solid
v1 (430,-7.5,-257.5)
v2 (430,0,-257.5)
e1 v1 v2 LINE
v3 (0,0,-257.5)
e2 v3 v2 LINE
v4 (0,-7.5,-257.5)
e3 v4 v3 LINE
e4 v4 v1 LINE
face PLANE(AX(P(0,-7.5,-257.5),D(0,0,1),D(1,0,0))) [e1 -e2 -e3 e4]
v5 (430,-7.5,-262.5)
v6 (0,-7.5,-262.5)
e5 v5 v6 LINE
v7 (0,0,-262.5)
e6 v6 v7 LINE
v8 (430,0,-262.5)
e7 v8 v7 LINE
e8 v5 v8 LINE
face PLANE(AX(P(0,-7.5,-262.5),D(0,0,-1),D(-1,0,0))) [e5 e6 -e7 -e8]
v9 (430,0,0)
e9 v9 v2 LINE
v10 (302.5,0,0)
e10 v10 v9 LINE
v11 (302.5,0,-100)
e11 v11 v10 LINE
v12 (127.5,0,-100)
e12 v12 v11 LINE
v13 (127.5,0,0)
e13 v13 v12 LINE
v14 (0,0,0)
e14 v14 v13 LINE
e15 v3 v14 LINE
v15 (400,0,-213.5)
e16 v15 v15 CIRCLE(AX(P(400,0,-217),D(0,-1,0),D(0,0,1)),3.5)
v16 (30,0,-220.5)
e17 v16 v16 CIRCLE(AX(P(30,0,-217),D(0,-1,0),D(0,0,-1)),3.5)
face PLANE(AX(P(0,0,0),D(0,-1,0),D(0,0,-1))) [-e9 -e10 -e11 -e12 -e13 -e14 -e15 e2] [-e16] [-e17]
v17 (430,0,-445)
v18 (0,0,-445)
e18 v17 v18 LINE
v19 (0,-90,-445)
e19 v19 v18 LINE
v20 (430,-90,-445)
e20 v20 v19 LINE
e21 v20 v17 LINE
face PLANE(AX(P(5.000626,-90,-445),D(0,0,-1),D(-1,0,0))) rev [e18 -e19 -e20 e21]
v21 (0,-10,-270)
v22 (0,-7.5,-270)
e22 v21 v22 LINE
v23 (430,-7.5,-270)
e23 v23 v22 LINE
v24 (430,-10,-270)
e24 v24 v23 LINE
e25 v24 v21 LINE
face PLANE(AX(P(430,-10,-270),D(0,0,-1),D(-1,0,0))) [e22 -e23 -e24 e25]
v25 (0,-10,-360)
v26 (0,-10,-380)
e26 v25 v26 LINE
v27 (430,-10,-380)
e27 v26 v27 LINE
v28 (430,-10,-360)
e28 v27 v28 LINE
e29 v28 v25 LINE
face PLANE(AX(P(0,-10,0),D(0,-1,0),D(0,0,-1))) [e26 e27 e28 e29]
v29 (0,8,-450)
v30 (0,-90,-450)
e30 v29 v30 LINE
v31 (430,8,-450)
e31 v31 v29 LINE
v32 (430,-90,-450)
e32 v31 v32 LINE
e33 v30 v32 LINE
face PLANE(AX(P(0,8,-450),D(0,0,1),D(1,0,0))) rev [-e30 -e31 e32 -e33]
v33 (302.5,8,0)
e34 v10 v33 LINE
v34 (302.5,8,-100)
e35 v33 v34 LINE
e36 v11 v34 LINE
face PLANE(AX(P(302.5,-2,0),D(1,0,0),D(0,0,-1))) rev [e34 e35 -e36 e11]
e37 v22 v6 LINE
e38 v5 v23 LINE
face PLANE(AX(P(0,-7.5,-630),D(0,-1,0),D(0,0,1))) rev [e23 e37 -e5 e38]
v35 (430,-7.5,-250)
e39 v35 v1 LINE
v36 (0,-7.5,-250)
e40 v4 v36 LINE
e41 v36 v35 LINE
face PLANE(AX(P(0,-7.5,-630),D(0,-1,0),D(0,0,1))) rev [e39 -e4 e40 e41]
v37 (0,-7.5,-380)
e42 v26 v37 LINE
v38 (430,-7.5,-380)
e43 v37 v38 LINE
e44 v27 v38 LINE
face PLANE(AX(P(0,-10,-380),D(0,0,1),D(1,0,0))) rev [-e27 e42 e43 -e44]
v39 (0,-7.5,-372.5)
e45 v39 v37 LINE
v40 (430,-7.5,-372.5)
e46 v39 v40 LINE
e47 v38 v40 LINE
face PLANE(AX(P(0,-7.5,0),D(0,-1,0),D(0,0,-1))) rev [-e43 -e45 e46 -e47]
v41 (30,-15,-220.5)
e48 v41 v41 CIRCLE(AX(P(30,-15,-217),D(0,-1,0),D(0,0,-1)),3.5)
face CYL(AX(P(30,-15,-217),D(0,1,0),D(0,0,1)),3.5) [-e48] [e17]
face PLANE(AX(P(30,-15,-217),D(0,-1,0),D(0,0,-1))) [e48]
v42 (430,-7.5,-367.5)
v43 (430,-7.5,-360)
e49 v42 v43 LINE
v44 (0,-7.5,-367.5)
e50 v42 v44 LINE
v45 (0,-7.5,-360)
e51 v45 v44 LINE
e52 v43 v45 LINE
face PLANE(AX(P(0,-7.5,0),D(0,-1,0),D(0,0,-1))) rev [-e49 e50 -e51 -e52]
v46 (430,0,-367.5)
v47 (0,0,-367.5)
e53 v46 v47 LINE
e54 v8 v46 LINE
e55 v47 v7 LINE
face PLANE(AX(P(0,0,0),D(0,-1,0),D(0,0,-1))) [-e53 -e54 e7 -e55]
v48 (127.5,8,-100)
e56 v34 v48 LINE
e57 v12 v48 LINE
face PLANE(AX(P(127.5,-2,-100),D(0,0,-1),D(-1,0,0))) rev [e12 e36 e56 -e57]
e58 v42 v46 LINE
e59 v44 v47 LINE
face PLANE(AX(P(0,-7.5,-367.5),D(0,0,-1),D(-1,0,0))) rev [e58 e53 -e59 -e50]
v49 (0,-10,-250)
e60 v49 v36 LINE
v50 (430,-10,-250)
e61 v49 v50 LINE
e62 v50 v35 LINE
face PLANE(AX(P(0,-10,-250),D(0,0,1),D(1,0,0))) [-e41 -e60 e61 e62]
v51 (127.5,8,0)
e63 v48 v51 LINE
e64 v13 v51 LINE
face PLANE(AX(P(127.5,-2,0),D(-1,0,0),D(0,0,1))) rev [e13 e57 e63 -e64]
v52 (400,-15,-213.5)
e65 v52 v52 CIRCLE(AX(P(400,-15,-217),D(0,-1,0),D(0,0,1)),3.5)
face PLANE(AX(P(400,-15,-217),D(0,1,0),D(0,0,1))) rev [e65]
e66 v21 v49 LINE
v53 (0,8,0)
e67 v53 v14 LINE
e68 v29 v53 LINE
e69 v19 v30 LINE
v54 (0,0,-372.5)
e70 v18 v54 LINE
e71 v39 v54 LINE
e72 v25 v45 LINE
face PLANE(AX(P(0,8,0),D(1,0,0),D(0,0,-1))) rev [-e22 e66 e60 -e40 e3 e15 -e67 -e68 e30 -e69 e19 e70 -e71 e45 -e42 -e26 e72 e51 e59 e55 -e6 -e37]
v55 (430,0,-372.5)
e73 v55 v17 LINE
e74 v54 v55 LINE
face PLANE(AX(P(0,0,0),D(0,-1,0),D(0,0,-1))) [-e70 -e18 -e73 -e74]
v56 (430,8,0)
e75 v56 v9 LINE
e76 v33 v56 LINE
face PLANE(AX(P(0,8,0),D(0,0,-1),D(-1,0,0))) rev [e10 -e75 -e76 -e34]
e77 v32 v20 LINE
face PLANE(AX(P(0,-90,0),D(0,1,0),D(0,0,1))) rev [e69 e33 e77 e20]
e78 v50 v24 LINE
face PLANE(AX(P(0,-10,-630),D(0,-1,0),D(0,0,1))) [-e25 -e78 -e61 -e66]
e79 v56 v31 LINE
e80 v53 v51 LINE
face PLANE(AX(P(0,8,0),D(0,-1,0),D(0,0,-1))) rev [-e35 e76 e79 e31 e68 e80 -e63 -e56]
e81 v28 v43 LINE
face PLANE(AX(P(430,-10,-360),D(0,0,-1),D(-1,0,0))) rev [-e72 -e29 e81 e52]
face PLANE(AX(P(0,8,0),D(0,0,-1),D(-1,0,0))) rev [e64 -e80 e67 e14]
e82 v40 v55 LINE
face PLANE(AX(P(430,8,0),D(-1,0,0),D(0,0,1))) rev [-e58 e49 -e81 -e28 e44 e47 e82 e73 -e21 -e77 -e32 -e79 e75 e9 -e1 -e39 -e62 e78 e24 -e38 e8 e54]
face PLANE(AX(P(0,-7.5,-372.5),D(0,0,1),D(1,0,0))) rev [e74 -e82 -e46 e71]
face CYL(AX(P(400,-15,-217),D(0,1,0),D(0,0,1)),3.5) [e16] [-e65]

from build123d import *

# Parameters (mm, degrees)
SKETCH1_W           = 430
SKETCH1_H           = 450
BOSS_EXTRUDE1_DEPTH = 8
SKETCH2_W           = 175
SKETCH2_H           = 100
CUT_EXTRUDE1_DEPTH  = 10
SKETCH4_R           = 3.5
BOSS_EXTRUDE3_DEPTH = 15
BOSS_EXTRUDE4_DEPTH = 90
SKETCH9_W           = 430
SKETCH9_H           = 5
BOSS_EXTRUDE6_DEPTH = 7.5
SKETCH10_W          = 430
SKETCH10_H          = 20
BOSS_EXTRUDE7_DEPTH = 2.5


with BuildPart() as part:
    # Sketch1 → Boss-Extrude1 (new body)
    with BuildSketch(Plane(origin=(0, 0, 0), x_dir=(1, 0, 0), z_dir=(0, 1, 0))):
        with Locations((215, 225)):
            Rectangle(SKETCH1_W, SKETCH1_H)
    extrude(amount=BOSS_EXTRUDE1_DEPTH)

    # Sketch2 → Cut-Extrude1 (cut)
    with BuildSketch(Plane(origin=(0, 8, 0), x_dir=(1, 0, 0), z_dir=(0, 1, 0))):
        with Locations((215, 50)):
            Rectangle(SKETCH2_W, SKETCH2_H)
    extrude(amount=-CUT_EXTRUDE1_DEPTH, mode=Mode.SUBTRACT)

    # Sketch4 → Boss-Extrude3 (add)
    with BuildSketch(Plane.XZ):
        with Locations((30, -217)):
            Circle(SKETCH4_R)
        with Locations((400, -217)):
            Circle(SKETCH4_R)
    extrude(amount=BOSS_EXTRUDE3_DEPTH)

    # Sketch5 → Boss-Extrude4 (add)
    with BuildSketch(Plane.XZ):
        Polygon((5.000626144, -445), (0, -445), (0, -450), (430, -450), (430, -445), (429.008283612, -445), align=None)
    extrude(amount=BOSS_EXTRUDE4_DEPTH)

    # Sketch9 → Boss-Extrude6 (add)
    with BuildSketch(Plane.XZ):
        with Locations((215, -370)):
            Rectangle(SKETCH9_W, SKETCH9_H)
    boss_extrude6 = extrude(amount=BOSS_EXTRUDE6_DEPTH)

    # Sketch10 → Boss-Extrude7 (add)
    with BuildSketch(Plane.XZ.offset(7.5)):
        with Locations((215, -370)):
            Rectangle(SKETCH10_W, SKETCH10_H)
    boss_extrude7 = extrude(amount=BOSS_EXTRUDE7_DEPTH)

    # Mirror9: Boss-Extrude6, Boss-Extrude7 across plane
    add(boss_extrude6.mirror(Plane.XY.offset(-315)))
    add(boss_extrude7.mirror(Plane.XY.offset(-315)))


solid = part.part
